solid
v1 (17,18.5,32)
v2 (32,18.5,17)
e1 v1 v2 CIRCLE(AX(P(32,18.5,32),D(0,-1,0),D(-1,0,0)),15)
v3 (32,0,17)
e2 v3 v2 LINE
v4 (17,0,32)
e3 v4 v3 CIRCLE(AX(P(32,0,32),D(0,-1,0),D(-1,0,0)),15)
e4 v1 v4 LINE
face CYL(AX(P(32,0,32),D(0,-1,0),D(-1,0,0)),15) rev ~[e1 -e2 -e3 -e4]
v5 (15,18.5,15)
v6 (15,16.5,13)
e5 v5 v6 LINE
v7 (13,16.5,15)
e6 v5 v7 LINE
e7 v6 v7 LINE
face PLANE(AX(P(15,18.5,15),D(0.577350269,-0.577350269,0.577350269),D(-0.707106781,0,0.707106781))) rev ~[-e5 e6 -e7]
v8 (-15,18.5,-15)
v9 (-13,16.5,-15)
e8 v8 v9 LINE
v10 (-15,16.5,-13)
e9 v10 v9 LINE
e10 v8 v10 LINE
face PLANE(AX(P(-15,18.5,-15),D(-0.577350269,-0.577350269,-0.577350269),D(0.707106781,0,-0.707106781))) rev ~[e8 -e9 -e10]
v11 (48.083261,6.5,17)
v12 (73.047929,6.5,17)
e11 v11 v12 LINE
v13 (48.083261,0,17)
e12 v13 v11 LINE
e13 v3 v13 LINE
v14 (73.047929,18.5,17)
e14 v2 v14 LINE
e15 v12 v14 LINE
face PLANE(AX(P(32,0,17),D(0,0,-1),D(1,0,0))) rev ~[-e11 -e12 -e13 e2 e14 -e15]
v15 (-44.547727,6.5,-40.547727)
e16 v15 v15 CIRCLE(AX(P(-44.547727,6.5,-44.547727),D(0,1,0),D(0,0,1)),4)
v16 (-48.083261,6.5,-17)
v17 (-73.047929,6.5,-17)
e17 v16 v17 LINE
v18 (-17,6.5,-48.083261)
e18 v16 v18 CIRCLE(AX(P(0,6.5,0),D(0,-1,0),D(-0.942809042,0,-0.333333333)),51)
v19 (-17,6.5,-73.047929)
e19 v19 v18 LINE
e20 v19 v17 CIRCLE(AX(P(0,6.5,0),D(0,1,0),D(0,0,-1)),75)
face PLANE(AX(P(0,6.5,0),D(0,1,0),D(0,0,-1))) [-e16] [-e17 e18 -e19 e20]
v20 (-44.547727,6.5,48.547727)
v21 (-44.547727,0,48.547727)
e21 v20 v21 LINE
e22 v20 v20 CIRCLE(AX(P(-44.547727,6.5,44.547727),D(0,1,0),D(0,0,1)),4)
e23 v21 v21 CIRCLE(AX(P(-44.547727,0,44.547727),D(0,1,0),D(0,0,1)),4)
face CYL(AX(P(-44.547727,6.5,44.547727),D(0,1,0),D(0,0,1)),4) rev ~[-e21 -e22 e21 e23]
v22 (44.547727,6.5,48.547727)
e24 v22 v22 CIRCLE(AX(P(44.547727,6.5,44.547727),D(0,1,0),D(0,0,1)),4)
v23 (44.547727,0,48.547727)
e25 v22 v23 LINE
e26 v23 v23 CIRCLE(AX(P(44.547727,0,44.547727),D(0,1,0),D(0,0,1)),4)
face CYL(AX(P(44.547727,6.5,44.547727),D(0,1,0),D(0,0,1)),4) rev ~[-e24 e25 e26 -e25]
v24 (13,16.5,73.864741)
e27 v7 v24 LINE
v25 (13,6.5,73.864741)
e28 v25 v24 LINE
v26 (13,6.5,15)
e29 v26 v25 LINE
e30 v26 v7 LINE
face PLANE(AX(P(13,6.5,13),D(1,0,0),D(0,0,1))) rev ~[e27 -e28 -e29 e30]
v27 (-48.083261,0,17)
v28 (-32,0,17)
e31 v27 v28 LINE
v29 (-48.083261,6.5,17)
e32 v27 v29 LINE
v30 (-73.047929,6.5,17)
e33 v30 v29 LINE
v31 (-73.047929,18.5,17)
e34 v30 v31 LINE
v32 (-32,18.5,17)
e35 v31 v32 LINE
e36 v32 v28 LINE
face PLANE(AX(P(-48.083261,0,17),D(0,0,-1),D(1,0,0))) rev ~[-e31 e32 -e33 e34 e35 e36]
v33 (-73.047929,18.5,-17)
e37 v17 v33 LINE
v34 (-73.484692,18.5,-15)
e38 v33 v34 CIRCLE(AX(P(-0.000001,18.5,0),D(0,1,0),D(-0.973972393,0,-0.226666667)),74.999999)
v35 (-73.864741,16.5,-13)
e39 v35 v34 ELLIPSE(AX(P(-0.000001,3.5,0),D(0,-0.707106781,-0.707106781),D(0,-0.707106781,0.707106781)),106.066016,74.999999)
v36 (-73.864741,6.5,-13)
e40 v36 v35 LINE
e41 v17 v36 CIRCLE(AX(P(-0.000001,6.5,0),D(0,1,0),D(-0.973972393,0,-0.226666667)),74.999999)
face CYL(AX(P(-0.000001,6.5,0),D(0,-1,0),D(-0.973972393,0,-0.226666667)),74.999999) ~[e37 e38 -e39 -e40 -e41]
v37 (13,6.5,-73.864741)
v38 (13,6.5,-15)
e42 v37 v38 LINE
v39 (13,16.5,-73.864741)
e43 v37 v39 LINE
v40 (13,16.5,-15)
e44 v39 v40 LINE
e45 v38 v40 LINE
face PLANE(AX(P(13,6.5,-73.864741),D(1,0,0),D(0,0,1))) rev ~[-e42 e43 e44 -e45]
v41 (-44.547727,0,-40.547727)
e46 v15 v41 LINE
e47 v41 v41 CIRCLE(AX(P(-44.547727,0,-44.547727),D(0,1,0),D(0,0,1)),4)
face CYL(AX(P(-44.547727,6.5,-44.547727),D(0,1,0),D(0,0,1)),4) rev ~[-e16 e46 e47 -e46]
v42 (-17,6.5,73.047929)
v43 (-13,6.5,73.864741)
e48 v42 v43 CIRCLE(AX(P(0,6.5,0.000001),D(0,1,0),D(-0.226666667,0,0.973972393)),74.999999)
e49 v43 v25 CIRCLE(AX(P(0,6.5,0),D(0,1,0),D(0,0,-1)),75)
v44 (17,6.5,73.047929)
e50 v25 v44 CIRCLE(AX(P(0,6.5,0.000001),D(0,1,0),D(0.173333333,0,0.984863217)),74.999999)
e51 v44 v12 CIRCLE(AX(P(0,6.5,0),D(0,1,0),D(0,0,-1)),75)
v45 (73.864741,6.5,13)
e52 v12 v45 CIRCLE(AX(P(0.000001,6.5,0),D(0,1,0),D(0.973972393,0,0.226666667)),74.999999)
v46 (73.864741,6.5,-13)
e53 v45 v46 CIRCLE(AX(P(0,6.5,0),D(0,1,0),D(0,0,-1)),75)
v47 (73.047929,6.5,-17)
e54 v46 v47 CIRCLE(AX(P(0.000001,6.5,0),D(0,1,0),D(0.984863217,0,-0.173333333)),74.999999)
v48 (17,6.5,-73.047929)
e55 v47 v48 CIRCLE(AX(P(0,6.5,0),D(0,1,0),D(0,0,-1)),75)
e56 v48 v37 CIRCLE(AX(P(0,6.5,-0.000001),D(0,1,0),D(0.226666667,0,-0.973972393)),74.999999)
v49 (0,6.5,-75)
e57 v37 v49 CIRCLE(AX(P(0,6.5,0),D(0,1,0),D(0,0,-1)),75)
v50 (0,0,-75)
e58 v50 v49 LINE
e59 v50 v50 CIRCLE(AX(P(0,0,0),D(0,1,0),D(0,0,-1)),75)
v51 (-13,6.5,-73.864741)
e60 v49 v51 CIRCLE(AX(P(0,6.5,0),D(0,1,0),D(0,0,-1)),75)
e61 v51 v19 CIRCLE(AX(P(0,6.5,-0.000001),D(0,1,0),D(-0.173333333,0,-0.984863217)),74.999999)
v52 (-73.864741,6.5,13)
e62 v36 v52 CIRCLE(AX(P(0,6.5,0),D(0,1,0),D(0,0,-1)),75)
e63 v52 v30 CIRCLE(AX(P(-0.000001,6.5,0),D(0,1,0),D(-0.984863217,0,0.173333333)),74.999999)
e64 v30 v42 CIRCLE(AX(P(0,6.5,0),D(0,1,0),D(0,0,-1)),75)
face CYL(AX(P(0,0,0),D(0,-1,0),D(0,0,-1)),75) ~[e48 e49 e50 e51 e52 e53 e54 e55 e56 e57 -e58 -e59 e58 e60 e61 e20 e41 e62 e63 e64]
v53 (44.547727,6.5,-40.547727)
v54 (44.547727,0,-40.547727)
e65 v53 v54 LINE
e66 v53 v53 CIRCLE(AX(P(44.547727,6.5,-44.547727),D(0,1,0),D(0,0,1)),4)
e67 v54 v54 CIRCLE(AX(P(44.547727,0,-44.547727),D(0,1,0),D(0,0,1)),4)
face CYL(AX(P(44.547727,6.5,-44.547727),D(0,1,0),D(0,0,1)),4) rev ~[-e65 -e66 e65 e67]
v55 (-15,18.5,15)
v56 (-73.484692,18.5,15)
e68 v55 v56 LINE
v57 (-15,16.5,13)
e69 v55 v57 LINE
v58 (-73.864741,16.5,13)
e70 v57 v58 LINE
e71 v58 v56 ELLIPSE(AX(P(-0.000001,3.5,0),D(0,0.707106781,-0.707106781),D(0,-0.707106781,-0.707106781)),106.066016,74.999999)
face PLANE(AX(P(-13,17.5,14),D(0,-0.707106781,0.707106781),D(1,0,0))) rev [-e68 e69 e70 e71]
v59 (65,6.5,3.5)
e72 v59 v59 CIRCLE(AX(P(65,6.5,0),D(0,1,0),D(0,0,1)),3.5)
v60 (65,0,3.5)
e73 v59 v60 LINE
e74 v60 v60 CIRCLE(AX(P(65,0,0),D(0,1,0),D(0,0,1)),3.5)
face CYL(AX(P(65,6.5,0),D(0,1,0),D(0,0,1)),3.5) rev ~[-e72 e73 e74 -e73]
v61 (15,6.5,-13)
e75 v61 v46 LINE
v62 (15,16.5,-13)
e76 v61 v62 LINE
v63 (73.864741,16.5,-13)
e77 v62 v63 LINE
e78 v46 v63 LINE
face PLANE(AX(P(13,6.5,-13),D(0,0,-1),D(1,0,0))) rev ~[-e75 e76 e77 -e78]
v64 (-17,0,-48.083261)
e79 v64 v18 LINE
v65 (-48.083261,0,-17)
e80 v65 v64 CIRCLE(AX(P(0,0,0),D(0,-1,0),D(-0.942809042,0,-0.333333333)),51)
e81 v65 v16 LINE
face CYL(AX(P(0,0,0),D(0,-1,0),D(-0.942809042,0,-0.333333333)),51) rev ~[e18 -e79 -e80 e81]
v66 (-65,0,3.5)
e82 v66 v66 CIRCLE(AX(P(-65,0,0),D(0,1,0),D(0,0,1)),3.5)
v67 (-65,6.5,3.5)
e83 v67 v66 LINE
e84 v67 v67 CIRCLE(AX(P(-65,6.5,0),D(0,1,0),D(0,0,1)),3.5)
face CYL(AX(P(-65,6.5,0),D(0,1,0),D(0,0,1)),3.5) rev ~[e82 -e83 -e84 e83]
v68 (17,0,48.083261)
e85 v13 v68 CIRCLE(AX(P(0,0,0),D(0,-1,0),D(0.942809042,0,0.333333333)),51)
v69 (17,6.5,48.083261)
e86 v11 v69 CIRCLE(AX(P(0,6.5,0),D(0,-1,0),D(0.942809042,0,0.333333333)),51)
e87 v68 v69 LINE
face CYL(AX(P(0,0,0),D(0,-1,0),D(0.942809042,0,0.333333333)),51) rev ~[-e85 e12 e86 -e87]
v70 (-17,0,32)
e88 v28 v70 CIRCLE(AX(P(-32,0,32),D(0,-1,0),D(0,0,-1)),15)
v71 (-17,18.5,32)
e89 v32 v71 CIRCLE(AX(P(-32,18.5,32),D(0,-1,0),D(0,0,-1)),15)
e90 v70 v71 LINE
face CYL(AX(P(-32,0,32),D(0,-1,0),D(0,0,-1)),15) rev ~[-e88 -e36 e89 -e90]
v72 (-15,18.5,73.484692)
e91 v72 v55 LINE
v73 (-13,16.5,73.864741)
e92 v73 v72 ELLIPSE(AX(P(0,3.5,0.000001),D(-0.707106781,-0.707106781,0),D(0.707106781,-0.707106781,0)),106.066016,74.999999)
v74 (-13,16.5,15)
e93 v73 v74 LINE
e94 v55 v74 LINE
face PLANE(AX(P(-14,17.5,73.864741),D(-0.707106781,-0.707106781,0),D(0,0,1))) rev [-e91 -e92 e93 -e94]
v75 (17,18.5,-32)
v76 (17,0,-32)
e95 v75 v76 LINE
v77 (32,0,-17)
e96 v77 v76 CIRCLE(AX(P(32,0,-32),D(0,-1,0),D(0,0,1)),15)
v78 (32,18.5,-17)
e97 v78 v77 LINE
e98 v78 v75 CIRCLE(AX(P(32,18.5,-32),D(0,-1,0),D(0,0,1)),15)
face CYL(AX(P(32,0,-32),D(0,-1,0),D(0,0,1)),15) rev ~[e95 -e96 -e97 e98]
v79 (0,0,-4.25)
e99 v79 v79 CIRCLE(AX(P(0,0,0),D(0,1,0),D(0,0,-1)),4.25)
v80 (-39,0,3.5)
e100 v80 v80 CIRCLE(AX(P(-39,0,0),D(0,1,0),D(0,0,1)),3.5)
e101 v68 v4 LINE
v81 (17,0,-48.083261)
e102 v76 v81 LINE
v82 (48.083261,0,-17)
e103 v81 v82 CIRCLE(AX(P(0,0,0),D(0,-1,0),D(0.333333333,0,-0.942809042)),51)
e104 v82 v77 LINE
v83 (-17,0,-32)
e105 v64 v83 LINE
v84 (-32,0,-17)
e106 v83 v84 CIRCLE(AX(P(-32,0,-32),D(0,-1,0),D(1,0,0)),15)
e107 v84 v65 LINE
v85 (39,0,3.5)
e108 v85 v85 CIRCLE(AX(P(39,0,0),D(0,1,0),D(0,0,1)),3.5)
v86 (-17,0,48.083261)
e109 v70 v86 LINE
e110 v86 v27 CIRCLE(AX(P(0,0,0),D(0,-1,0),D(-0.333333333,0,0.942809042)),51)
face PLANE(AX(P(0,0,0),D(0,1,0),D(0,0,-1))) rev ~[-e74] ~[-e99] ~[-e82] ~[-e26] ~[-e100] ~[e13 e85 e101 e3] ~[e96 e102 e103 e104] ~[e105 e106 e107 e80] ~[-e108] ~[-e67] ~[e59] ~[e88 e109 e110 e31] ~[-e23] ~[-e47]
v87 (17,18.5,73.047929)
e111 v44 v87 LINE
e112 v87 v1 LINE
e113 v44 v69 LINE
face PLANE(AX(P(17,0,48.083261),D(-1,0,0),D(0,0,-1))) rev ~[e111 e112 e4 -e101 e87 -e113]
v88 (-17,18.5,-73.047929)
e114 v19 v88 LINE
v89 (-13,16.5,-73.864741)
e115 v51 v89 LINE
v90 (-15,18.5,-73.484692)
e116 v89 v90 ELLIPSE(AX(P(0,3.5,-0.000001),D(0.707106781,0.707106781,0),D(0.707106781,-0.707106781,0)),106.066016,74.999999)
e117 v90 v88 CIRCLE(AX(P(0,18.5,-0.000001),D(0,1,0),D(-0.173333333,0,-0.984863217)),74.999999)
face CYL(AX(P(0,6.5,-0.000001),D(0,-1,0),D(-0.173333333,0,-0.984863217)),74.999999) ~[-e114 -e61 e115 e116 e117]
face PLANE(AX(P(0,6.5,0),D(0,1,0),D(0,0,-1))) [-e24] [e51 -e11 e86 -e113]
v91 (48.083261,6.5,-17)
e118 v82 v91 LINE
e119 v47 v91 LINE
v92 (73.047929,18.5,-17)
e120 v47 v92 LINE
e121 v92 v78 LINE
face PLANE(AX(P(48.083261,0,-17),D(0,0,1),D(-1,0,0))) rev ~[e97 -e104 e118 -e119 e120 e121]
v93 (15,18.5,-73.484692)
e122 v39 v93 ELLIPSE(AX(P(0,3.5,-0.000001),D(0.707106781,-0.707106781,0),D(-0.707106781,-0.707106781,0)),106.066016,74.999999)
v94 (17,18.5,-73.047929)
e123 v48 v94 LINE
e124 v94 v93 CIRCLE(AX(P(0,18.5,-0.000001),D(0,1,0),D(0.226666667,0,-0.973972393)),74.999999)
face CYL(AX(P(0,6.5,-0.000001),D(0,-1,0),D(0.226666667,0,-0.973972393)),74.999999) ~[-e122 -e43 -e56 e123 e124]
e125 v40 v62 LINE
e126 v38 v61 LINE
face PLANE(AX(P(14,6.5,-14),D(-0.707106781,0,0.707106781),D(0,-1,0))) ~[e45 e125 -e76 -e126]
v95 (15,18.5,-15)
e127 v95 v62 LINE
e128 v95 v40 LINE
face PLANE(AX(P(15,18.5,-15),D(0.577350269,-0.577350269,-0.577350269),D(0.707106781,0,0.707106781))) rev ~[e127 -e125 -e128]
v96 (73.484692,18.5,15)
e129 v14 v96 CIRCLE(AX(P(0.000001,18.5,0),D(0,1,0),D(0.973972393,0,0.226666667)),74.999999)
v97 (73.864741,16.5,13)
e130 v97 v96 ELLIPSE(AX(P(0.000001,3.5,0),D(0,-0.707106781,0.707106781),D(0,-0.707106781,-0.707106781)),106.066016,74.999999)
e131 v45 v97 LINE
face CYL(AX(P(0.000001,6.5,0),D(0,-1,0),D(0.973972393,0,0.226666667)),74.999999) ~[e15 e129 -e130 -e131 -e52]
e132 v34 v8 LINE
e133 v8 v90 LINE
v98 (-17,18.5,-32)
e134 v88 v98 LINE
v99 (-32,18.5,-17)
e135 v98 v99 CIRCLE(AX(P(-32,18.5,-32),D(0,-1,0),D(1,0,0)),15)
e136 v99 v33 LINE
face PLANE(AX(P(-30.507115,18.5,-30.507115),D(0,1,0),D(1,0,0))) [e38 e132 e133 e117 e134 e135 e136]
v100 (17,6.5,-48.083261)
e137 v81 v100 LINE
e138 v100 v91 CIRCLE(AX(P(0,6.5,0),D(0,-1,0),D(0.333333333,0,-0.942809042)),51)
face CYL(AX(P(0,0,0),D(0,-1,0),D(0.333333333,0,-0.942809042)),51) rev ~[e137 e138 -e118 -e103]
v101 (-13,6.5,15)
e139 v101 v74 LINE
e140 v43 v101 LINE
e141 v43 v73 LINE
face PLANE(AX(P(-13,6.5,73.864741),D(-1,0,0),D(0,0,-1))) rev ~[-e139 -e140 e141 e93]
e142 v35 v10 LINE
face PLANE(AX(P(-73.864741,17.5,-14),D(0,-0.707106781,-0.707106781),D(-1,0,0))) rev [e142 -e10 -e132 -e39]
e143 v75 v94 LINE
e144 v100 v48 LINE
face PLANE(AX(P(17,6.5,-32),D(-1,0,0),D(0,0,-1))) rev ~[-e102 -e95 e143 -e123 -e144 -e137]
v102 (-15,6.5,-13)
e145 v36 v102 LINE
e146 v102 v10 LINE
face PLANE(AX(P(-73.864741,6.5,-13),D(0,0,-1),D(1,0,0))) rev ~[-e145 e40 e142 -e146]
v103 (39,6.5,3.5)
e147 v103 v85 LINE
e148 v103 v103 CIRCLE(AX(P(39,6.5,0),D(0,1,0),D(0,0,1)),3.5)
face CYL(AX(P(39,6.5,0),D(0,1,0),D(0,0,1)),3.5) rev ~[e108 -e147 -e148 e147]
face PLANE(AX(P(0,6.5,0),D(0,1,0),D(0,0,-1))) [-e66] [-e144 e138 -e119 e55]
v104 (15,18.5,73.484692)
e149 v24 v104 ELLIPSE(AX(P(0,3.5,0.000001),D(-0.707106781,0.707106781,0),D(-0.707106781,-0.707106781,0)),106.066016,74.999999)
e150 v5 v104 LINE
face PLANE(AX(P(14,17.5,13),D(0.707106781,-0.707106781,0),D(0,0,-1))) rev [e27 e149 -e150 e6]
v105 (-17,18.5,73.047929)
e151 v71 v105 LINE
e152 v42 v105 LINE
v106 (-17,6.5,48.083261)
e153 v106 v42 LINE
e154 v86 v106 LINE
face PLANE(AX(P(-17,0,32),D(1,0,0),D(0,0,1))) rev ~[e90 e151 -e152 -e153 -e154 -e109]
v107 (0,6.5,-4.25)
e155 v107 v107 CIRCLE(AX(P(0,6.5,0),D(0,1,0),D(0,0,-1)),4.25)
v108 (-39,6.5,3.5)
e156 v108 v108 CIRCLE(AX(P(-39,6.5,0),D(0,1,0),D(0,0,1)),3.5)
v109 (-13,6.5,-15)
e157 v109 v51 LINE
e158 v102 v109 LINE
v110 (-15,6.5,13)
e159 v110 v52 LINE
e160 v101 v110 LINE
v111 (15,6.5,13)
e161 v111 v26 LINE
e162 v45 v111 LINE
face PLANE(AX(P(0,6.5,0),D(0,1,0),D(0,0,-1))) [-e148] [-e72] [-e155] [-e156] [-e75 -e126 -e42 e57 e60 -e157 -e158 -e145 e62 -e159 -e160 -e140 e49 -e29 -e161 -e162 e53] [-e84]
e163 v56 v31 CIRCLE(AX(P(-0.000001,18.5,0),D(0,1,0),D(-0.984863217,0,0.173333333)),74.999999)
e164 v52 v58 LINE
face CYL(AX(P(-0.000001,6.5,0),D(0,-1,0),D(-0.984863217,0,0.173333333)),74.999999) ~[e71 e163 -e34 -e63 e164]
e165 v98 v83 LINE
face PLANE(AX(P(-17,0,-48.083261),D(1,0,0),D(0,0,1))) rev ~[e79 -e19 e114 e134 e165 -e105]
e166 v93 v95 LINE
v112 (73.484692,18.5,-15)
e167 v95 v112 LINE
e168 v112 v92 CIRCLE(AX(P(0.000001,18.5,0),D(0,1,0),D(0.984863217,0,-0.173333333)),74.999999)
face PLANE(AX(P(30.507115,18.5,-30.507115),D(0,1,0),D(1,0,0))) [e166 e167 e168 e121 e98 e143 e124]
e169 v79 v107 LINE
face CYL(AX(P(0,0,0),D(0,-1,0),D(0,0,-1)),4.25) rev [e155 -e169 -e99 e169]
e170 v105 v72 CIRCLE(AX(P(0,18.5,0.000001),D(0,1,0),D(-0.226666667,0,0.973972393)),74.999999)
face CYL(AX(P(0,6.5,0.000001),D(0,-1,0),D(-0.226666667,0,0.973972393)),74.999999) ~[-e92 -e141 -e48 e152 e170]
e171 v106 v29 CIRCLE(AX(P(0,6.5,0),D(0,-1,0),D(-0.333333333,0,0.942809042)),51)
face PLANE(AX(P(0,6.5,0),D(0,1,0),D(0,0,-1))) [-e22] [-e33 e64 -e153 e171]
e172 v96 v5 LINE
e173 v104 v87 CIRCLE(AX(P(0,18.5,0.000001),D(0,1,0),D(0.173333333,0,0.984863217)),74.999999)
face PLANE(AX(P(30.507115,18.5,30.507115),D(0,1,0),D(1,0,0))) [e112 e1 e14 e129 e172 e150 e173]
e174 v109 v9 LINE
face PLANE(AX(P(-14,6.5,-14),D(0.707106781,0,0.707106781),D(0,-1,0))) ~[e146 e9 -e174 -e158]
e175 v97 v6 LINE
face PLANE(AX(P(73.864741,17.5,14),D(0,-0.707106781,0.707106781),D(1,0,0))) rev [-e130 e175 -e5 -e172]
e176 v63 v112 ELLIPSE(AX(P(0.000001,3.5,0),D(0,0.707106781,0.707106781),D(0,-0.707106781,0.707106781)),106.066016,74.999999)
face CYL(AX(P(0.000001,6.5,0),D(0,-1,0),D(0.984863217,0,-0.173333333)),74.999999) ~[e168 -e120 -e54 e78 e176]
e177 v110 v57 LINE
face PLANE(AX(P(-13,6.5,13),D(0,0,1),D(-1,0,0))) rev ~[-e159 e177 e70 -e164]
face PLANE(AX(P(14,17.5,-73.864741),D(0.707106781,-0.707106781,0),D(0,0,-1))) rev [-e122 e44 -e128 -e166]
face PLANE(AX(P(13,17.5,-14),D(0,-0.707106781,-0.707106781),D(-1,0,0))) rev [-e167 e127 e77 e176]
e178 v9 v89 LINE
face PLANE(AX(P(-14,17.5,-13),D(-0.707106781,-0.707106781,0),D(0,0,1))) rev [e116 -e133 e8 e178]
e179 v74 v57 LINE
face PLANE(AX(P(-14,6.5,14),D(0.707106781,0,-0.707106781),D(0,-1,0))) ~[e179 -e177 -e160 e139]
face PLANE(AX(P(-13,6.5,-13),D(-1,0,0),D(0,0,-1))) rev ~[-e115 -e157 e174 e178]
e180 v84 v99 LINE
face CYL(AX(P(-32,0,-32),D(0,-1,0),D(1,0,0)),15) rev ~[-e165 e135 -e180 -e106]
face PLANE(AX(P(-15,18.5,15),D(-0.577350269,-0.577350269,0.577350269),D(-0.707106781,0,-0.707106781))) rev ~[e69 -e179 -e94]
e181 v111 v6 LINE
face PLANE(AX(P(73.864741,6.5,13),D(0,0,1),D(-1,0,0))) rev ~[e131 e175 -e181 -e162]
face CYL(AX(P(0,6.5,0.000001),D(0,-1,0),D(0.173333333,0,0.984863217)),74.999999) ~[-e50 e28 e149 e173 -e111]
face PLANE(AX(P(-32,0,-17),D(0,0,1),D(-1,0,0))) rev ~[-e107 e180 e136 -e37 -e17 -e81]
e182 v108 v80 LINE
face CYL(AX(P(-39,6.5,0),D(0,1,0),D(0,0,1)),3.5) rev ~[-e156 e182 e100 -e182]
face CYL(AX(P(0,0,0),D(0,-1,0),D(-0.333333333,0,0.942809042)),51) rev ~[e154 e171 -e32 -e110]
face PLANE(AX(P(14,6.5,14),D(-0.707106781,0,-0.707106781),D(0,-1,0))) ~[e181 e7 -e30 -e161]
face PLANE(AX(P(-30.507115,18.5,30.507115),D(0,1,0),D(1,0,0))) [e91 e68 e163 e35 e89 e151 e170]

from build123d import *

# Parameters (mm, degrees)
SKETCH1_R           = 75
SKETCH1_R_2         = 4.25
BOSS_EXTRUDE1_DEPTH = 6.5
BOSS_EXTRUDE2_DEPTH = 12
CHAMFER1_SIZE       = 2
CUT_EXTRUDE1_START  = -6.5
CUT_EXTRUDE1_DEPTH  = 6.5
SKETCH5_R           = 3.5
CUT_EXTRUDE3_DEPTH  = 6.5
SKETCH4_R           = 4
CUT_EXTRUDE5_DEPTH  = 6.5


with BuildPart() as part:
    # Sketch1 → Boss-Extrude1 (new body)
    with BuildSketch(Plane(origin=(0, 0, 0), x_dir=(1, 0, 0), z_dir=(0, 1, 0))):
        with Locations(Location((0, 0, 0), (0, 0, 90))):
            Circle(SKETCH1_R)
        with Locations(Location((0, 0, 0), (0, 0, 90))):
            Circle(SKETCH1_R_2, mode=Mode.SUBTRACT)
    extrude(amount=BOSS_EXTRUDE1_DEPTH)

    # Sketch2 → Boss-Extrude2 (add)
    with BuildSketch(Plane(origin=(0, 6.5, 0), x_dir=(1, 0, 0), z_dir=(0, 1, 0))):
        with BuildLine():
            Line((-13, -13), (-73.86474125, -13))
            ThreePointArc((-73.86474125, -13), (-73.483557376, -15.005558816), (-73.047929471, -17))
            Line((-73.047929471, -17), (-32, -17))
            ThreePointArc((-32, -17), (-21.393398282, -21.393398282), (-17, -32))
            Line((-17, -32), (-17, -73.047929471))
            ThreePointArc((-17, -73.047929471), (-15.005558816, -73.483557376), (-13, -73.86474125))
            Line((-13, -73.86474125), (-13, -13))
        make_face()
        with BuildLine():
            Line((-32, 17), (-73.047929471, 17))
            ThreePointArc((-73.047929471, 17), (-73.483557376, 15.005558816), (-73.86474125, 13))
            Line((-73.86474125, 13), (-13, 13))
            Line((-13, 13), (-13, 73.86474125))
            ThreePointArc((-13, 73.86474125), (-15.005558816, 73.483557376), (-17, 73.047929471))
            Line((-17, 73.047929471), (-17, 32))
            ThreePointArc((-17, 32), (-21.393398282, 21.393398282), (-32, 17))
        make_face()
        with BuildLine():
            Line((17, 32), (17, 73.047929471))
            ThreePointArc((17, 73.047929471), (15.005558816, 73.483557376), (13, 73.86474125))
            Line((13, 73.86474125), (13, 13))
            Line((13, 13), (73.86474125, 13))
            ThreePointArc((73.86474125, 13), (73.483557376, 15.005558816), (73.047929471, 17))
            Line((73.047929471, 17), (32, 17))
            ThreePointArc((32, 17), (21.393398282, 21.393398282), (17, 32))
        make_face()
        with BuildLine():
            Line((32, -17), (73.047929471, -17))
            ThreePointArc((73.047929471, -17), (73.483557376, -15.005558816), (73.86474125, -13))
            Line((73.86474125, -13), (13, -13))
            Line((13, -13), (13, -73.86474125))
            ThreePointArc((13, -73.86474125), (15.005558816, -73.483557376), (17, -73.047929471))
            Line((17, -73.047929471), (17, -32))
            ThreePointArc((17, -32), (21.393398282, -21.393398282), (32, -17))
        make_face()
    extrude(amount=BOSS_EXTRUDE2_DEPTH)

    # Chamfer1
    chamfer1_edges = [part.edges().sort_by_distance(p)[0] for p in [
        (-13, 12.5, 13),
        (-13, 18.5, 43.432370625),
        (-43.432370625, 18.5, 13),
        (13, 12.5, 13),
        (43.432370625, 18.5, 13),
        (13, 18.5, 43.432370625),
        (-13, 12.5, -13),
        (-43.432370625, 18.5, -13),
        (-13, 18.5, -43.432370625),
        (13, 12.5, -13),
        (13, 18.5, -43.432370625),
        (43.432370625, 18.5, -13),
    ]]
    chamfer(chamfer1_edges, length=CHAMFER1_SIZE)

    # Sketch3 → Cut-Extrude1 (cut)
    with BuildSketch(Plane(origin=(0, 6.5, 0), x_dir=(1, 0, 0), z_dir=(0, 1, 0)).offset(CUT_EXTRUDE1_START)):
        with BuildLine():
            Line((32, -17), (48.083261121, -17))
            ThreePointArc((48.083261121, -17), (36.062445841, -36.062445841), (17, -48.083261121))
            Line((17, -48.083261121), (17, -32))
            ThreePointArc((17, -32), (21.393398282, -21.393398282), (32, -17))
        make_face()
        with BuildLine():
            Line((-17, -32), (-17, -48.083261121))
            ThreePointArc((-17, -48.083261121), (-36.062445841, -36.062445841), (-48.083261121, -17))
            Line((-48.083261121, -17), (-32, -17))
            ThreePointArc((-32, -17), (-21.393398282, -21.393398282), (-17, -32))
        make_face()
        with BuildLine():
            Line((17, 32), (17, 48.083261121))
            ThreePointArc((17, 48.083261121), (36.062445841, 36.062445841), (48.083261121, 17))
            Line((48.083261121, 17), (32, 17))
            ThreePointArc((32, 17), (21.393398282, 21.393398282), (17, 32))
        make_face()
        with BuildLine():
            Line((-32, 17), (-48.083261121, 17))
            ThreePointArc((-48.083261121, 17), (-36.062445841, 36.062445841), (-17, 48.083261121))
            Line((-17, 48.083261121), (-17, 32))
            ThreePointArc((-17, 32), (-21.393398282, 21.393398282), (-32, 17))
        make_face()
    extrude(amount=CUT_EXTRUDE1_DEPTH, mode=Mode.SUBTRACT)

    # Sketch5 → Cut-Extrude3 (cut)
    with BuildSketch(Plane(origin=(0, 6.5, 0), x_dir=(1, 0, 0), z_dir=(0, 1, 0))):
        with Locations(Location((65, 0, 0), (0, 0, 270))):
            Circle(SKETCH5_R)
        with Locations(Location((39, 0, 0), (0, 0, 270))):
            Circle(SKETCH5_R)
        with Locations(Location((-39, 0, 0), (0, 0, 270))):
            Circle(SKETCH5_R)
        with Locations(Location((-65, 0, 0), (0, 0, 270))):
            Circle(SKETCH5_R)
    extrude(amount=-CUT_EXTRUDE3_DEPTH, mode=Mode.SUBTRACT)

    # Sketch4 → Cut-Extrude5 (cut)
    with BuildSketch(Plane(origin=(0, 6.5, 0), x_dir=(1, 0, 0), z_dir=(0, 1, 0))):
        with Locations(Location((44.547727215, -44.547727215, 0), (0, 0, 270))):
            Circle(SKETCH4_R)
        with Locations(Location((-44.547727215, -44.547727215, 0), (0, 0, 270))):
            Circle(SKETCH4_R)
        with Locations(Location((44.547727215, 44.547727215, 0), (0, 0, 270))):
            Circle(SKETCH4_R)
        with Locations(Location((-44.547727215, 44.547727215, 0), (0, 0, 270))):
            Circle(SKETCH4_R)
    extrude(amount=-CUT_EXTRUDE5_DEPTH, mode=Mode.SUBTRACT)


solid = part.part
